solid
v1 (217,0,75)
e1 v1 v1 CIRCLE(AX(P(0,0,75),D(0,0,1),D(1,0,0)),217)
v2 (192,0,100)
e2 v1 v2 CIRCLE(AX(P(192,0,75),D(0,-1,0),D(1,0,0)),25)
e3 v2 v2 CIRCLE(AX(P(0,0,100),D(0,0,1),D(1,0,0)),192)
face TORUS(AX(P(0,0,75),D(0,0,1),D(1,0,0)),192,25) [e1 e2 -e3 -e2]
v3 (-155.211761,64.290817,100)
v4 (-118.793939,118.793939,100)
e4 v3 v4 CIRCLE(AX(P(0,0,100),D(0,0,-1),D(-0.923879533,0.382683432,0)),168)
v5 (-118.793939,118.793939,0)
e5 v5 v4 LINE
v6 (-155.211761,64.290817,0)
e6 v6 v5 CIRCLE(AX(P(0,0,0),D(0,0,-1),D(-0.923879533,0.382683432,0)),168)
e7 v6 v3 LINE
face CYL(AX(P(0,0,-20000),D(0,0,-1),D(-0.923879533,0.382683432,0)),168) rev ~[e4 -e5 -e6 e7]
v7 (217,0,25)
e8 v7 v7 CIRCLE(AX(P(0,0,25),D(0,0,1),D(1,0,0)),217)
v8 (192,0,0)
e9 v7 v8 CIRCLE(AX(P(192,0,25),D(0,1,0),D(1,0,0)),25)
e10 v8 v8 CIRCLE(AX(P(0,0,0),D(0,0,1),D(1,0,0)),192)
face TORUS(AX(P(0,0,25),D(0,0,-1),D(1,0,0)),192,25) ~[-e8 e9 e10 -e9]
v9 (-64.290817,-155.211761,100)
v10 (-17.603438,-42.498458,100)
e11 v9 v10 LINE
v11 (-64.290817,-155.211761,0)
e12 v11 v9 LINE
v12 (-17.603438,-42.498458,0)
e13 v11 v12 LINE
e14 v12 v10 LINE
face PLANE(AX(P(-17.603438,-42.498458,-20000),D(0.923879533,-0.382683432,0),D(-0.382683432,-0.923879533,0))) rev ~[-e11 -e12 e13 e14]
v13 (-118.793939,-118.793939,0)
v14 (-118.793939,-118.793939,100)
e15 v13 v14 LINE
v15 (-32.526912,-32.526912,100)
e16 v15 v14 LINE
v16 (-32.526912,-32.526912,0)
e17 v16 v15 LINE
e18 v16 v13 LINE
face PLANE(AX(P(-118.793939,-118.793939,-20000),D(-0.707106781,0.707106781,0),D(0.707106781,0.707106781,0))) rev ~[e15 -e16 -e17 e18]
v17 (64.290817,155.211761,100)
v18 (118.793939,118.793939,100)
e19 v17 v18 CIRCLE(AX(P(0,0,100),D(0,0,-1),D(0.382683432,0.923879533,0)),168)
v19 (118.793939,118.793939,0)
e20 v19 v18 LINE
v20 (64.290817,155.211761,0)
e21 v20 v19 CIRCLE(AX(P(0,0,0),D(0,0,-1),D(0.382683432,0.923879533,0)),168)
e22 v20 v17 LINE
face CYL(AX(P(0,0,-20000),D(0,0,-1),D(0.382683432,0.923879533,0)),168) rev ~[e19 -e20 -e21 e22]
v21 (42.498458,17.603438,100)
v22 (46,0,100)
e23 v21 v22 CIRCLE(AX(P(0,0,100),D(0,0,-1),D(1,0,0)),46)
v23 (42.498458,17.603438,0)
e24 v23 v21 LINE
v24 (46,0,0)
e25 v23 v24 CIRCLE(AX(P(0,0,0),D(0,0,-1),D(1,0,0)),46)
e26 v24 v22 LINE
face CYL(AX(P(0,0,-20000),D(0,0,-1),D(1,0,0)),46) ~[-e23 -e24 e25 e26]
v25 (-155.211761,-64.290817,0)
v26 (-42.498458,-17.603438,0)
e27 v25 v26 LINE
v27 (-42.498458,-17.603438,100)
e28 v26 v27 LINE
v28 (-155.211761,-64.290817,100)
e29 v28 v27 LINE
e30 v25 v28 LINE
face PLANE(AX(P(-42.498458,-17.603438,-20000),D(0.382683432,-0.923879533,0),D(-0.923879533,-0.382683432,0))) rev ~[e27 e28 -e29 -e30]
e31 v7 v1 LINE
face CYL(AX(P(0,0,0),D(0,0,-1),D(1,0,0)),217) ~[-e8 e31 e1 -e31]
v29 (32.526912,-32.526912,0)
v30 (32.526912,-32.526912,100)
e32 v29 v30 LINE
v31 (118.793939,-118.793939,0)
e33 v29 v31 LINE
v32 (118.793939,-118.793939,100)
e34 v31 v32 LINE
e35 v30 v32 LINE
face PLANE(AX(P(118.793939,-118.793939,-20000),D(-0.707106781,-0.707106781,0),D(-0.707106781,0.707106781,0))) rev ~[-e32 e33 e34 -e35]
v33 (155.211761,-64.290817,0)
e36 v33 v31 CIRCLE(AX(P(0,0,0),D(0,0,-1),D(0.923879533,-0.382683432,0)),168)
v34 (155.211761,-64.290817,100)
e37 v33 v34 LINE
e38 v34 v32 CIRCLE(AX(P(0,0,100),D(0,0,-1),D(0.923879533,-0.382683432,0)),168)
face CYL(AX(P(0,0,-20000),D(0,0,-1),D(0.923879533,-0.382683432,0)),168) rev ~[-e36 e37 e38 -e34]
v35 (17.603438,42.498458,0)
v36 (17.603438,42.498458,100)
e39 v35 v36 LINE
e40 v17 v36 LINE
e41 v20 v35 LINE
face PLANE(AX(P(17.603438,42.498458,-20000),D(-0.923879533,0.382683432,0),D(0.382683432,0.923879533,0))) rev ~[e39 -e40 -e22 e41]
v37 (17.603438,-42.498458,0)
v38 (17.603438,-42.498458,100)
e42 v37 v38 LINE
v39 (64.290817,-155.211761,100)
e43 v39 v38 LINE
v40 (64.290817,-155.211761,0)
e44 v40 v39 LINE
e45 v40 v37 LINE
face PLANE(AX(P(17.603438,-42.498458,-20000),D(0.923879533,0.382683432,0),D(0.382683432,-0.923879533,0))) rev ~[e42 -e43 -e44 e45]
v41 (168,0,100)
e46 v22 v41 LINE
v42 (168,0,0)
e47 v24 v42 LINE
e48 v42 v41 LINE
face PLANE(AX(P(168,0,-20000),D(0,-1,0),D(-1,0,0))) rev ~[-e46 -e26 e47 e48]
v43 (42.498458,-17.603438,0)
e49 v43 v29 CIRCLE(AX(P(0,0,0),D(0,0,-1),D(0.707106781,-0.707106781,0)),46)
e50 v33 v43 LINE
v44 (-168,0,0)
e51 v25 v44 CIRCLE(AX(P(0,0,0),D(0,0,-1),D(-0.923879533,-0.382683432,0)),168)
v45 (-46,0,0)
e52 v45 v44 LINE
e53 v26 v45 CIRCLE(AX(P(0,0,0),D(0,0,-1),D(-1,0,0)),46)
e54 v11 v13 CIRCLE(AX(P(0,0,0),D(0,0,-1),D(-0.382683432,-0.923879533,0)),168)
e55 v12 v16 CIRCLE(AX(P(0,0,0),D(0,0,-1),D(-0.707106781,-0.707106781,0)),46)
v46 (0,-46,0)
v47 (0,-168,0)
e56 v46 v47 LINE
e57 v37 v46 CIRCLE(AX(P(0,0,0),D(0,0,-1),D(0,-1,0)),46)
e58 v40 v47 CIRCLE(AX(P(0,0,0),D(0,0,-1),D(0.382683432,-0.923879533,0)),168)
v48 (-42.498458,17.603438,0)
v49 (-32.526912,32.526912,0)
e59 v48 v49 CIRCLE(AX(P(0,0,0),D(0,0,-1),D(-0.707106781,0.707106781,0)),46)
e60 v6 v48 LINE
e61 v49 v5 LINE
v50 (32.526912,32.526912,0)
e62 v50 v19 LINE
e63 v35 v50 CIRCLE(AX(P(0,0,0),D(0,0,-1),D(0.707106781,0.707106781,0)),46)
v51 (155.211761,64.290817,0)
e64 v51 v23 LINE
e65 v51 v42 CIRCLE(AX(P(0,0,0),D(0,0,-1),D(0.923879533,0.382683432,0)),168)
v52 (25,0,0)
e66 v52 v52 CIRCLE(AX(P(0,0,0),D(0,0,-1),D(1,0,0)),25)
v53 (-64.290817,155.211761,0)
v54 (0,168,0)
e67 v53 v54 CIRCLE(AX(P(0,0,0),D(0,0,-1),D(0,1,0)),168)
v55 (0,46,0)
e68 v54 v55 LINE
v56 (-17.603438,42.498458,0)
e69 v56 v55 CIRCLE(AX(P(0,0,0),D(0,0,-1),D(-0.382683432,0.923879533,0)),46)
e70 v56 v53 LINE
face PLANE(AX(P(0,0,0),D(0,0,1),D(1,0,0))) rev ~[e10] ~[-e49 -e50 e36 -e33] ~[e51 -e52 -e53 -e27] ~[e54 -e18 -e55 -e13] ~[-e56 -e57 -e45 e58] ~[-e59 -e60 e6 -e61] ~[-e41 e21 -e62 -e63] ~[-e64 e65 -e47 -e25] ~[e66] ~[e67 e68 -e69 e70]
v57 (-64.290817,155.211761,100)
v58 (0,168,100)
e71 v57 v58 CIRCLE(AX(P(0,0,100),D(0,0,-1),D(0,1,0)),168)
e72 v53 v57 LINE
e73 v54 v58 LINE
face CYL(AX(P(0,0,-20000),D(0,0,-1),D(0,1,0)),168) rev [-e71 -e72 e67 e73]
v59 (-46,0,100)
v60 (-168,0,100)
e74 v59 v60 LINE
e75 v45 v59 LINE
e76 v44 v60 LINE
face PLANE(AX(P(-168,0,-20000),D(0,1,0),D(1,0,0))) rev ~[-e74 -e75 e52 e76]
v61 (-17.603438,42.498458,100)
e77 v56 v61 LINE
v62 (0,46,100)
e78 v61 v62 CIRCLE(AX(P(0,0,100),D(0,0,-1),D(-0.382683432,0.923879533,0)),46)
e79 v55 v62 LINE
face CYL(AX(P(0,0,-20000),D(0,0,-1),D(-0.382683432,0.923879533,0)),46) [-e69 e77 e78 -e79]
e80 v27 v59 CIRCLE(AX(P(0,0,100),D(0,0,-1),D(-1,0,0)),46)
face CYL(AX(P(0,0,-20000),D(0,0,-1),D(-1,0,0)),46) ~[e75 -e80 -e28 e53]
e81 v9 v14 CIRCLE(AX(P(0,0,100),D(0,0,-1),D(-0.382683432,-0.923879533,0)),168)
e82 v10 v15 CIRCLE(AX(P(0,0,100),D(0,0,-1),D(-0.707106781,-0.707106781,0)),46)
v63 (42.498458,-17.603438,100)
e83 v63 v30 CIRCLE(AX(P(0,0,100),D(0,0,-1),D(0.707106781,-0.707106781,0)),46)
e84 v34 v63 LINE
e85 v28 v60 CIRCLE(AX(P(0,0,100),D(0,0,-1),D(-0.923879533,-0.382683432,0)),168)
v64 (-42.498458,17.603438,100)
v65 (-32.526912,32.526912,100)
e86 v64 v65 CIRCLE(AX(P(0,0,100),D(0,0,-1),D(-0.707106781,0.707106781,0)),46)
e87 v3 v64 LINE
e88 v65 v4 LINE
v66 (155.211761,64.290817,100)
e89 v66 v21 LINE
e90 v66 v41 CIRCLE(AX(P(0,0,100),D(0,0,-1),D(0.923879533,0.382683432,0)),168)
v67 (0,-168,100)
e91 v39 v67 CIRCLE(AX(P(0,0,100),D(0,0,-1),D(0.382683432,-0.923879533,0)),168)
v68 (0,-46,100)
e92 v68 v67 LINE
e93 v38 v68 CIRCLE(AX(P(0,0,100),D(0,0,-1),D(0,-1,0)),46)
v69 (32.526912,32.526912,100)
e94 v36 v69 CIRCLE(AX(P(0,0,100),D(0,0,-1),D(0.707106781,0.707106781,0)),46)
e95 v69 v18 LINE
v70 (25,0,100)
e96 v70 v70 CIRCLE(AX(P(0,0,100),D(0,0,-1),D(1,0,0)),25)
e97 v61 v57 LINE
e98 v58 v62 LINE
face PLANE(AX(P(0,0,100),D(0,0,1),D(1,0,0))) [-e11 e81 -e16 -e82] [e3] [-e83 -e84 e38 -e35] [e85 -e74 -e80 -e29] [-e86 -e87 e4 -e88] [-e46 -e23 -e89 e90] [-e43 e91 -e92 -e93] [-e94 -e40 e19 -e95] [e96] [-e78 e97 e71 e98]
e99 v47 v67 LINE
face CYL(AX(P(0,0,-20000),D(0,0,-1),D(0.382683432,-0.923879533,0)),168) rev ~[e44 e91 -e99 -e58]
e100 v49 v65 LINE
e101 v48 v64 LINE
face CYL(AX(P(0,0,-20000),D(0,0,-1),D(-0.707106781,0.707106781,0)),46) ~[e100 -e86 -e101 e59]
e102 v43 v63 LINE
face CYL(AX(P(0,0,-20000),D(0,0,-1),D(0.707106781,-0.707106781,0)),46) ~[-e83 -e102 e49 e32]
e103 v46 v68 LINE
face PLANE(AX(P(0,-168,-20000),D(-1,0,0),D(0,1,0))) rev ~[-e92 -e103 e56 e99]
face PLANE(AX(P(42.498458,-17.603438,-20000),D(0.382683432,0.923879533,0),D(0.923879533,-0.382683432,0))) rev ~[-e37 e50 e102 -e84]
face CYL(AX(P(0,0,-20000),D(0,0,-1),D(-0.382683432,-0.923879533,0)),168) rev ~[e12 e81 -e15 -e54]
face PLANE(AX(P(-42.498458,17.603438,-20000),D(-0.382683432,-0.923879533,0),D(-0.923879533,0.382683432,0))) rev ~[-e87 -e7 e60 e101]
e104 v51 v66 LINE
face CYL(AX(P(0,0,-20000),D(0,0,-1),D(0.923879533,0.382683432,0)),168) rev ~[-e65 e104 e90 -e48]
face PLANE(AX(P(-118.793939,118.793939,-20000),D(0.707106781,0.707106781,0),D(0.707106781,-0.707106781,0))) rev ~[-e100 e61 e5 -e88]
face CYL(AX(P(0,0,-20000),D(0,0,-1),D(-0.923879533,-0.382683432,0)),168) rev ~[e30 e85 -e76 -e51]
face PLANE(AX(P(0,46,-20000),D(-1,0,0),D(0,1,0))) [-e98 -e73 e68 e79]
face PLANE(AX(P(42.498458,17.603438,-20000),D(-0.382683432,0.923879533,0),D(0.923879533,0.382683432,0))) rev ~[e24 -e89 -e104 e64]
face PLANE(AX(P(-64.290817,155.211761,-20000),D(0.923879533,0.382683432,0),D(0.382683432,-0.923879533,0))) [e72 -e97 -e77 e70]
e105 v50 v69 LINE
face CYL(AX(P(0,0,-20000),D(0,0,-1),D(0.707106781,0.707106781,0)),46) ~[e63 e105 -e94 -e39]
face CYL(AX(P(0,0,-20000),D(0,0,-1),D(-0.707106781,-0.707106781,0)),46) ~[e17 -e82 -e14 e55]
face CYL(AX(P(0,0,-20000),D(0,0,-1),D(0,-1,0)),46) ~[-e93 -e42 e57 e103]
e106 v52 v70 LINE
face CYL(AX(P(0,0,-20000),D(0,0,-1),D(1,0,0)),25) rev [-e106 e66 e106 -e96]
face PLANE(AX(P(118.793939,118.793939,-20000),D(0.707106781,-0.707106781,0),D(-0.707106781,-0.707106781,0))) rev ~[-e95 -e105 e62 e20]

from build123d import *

# Parameters (mm, degrees)
SKETCH1_R               = 217
BOSS_EXTRUDE1_DEPTH     = 100
FILLET1_R               = 25
FILLET2_R               = 25
CUT_EXTRUDE4_DEPTH      = 20000
CUT_EXTRUDE4_DEPTH_BACK = 20000
CUT_EXTRUDE5_DEPTH      = 20000
CUT_EXTRUDE5_DEPTH_BACK = 20000
SKETCH8_R               = 25


with BuildPart() as part:
    # Sketch1 → Boss-Extrude1 (new body)
    with BuildSketch(Plane.XY):
        Circle(SKETCH1_R)
    extrude(amount=BOSS_EXTRUDE1_DEPTH)

    # Fillet1
    fillet1_edges = [part.edges().sort_by_distance(p)[0] for p in [
        (-217, 0, 100),
    ]]
    fillet(fillet1_edges, radius=FILLET1_R)

    # Fillet2
    fillet2_edges = [part.edges().sort_by_distance(p)[0] for p in [
        (-217, 0, 0),
    ]]
    fillet(fillet2_edges, radius=FILLET2_R)

    # Sketch3 → Cut-Extrude4 (cut, two sides: drawn at the far end of the back side and taken through both)
    with BuildSketch(Plane.XY.offset(-CUT_EXTRUDE4_DEPTH_BACK)):
        with BuildLine():
            ThreePointArc((-46, 0), (-45.116122899, -8.974154813), (-42.498458496, -17.603437889))
            Line((-42.498458496, -17.603437889), (-155.211761462, -64.290816637))
            ThreePointArc((-155.211761462, -64.290816637), (-164.771927108, -32.775174099), (-168, 0))
            Line((-168, 0), (-46, 0))
        make_face()
        with BuildLine():
            ThreePointArc((0, -46), (8.974154813, -45.116122899), (17.603437889, -42.498458496))
            Line((17.603437889, -42.498458496), (64.290816637, -155.211761462))
            ThreePointArc((64.290816637, -155.211761462), (32.775174099, -164.771927108), (0, -168))
            Line((0, -168), (0, -46))
        make_face()
        with BuildLine():
            ThreePointArc((32.526911935, -32.526911935), (38.247602166, -25.556230719), (42.498458496, -17.603437889))
            Line((42.498458496, -17.603437889), (155.211761462, -64.290816637))
            ThreePointArc((155.211761462, -64.290816637), (139.686894867, -93.335799147), (118.793939239, -118.793939239))
            Line((118.793939239, -118.793939239), (32.526911935, -32.526911935))
        make_face()
        with BuildLine():
            ThreePointArc((46, 0), (45.116122899, 8.974154813), (42.498458496, 17.603437889))
            Line((42.498458496, 17.603437889), (155.211761462, 64.290816637))
            ThreePointArc((155.211761462, 64.290816637), (164.771927108, 32.775174099), (168, 0))
            Line((168, 0), (46, 0))
        make_face()
        with BuildLine():
            ThreePointArc((32.526911935, 32.526911935), (25.556230719, 38.247602166), (17.603437889, 42.498458496))
            Line((17.603437889, 42.498458496), (64.290816637, 155.211761462))
            ThreePointArc((64.290816637, 155.211761462), (93.335799147, 139.686894867), (118.793939239, 118.793939239))
            Line((118.793939239, 118.793939239), (32.526911935, 32.526911935))
        make_face()
        with BuildLine():
            Line((0, 46), (0, 168))
            ThreePointArc((0, 168), (-32.775174099, 164.771927108), (-64.290816637, 155.211761462))
            Line((-64.290816637, 155.211761462), (-17.603437889, 42.498458496))
            ThreePointArc((-17.603437889, 42.498458496), (-8.974154813, 45.116122899), (0, 46))
        make_face()
        with BuildLine():
            Line((-42.498458496, 17.603437889), (-155.211761462, 64.290816637))
            ThreePointArc((-155.211761462, 64.290816637), (-139.686894867, 93.335799147), (-118.793939239, 118.793939239))
            Line((-118.793939239, 118.793939239), (-32.526911935, 32.526911935))
            ThreePointArc((-32.526911935, 32.526911935), (-38.247602166, 25.556230719), (-42.498458496, 17.603437889))
        make_face()
        with BuildLine():
            Line((-17.603437889, -42.498458496), (-64.290816637, -155.211761462))
            ThreePointArc((-64.290816637, -155.211761462), (-93.335799147, -139.686894867), (-118.793939239, -118.793939239))
            Line((-118.793939239, -118.793939239), (-32.526911935, -32.526911935))
            ThreePointArc((-32.526911935, -32.526911935), (-25.556230719, -38.247602166), (-17.603437889, -42.498458496))
        make_face()
    extrude(amount=CUT_EXTRUDE4_DEPTH + CUT_EXTRUDE4_DEPTH_BACK, mode=Mode.SUBTRACT)

    # Sketch8 → Cut-Extrude5 (cut, two sides: drawn at the far end of the back side and taken through both)
    with BuildSketch(Plane.XY.offset(-CUT_EXTRUDE5_DEPTH_BACK)):
        Circle(SKETCH8_R)
    extrude(amount=CUT_EXTRUDE5_DEPTH + CUT_EXTRUDE5_DEPTH_BACK, mode=Mode.SUBTRACT)


solid = part.part
